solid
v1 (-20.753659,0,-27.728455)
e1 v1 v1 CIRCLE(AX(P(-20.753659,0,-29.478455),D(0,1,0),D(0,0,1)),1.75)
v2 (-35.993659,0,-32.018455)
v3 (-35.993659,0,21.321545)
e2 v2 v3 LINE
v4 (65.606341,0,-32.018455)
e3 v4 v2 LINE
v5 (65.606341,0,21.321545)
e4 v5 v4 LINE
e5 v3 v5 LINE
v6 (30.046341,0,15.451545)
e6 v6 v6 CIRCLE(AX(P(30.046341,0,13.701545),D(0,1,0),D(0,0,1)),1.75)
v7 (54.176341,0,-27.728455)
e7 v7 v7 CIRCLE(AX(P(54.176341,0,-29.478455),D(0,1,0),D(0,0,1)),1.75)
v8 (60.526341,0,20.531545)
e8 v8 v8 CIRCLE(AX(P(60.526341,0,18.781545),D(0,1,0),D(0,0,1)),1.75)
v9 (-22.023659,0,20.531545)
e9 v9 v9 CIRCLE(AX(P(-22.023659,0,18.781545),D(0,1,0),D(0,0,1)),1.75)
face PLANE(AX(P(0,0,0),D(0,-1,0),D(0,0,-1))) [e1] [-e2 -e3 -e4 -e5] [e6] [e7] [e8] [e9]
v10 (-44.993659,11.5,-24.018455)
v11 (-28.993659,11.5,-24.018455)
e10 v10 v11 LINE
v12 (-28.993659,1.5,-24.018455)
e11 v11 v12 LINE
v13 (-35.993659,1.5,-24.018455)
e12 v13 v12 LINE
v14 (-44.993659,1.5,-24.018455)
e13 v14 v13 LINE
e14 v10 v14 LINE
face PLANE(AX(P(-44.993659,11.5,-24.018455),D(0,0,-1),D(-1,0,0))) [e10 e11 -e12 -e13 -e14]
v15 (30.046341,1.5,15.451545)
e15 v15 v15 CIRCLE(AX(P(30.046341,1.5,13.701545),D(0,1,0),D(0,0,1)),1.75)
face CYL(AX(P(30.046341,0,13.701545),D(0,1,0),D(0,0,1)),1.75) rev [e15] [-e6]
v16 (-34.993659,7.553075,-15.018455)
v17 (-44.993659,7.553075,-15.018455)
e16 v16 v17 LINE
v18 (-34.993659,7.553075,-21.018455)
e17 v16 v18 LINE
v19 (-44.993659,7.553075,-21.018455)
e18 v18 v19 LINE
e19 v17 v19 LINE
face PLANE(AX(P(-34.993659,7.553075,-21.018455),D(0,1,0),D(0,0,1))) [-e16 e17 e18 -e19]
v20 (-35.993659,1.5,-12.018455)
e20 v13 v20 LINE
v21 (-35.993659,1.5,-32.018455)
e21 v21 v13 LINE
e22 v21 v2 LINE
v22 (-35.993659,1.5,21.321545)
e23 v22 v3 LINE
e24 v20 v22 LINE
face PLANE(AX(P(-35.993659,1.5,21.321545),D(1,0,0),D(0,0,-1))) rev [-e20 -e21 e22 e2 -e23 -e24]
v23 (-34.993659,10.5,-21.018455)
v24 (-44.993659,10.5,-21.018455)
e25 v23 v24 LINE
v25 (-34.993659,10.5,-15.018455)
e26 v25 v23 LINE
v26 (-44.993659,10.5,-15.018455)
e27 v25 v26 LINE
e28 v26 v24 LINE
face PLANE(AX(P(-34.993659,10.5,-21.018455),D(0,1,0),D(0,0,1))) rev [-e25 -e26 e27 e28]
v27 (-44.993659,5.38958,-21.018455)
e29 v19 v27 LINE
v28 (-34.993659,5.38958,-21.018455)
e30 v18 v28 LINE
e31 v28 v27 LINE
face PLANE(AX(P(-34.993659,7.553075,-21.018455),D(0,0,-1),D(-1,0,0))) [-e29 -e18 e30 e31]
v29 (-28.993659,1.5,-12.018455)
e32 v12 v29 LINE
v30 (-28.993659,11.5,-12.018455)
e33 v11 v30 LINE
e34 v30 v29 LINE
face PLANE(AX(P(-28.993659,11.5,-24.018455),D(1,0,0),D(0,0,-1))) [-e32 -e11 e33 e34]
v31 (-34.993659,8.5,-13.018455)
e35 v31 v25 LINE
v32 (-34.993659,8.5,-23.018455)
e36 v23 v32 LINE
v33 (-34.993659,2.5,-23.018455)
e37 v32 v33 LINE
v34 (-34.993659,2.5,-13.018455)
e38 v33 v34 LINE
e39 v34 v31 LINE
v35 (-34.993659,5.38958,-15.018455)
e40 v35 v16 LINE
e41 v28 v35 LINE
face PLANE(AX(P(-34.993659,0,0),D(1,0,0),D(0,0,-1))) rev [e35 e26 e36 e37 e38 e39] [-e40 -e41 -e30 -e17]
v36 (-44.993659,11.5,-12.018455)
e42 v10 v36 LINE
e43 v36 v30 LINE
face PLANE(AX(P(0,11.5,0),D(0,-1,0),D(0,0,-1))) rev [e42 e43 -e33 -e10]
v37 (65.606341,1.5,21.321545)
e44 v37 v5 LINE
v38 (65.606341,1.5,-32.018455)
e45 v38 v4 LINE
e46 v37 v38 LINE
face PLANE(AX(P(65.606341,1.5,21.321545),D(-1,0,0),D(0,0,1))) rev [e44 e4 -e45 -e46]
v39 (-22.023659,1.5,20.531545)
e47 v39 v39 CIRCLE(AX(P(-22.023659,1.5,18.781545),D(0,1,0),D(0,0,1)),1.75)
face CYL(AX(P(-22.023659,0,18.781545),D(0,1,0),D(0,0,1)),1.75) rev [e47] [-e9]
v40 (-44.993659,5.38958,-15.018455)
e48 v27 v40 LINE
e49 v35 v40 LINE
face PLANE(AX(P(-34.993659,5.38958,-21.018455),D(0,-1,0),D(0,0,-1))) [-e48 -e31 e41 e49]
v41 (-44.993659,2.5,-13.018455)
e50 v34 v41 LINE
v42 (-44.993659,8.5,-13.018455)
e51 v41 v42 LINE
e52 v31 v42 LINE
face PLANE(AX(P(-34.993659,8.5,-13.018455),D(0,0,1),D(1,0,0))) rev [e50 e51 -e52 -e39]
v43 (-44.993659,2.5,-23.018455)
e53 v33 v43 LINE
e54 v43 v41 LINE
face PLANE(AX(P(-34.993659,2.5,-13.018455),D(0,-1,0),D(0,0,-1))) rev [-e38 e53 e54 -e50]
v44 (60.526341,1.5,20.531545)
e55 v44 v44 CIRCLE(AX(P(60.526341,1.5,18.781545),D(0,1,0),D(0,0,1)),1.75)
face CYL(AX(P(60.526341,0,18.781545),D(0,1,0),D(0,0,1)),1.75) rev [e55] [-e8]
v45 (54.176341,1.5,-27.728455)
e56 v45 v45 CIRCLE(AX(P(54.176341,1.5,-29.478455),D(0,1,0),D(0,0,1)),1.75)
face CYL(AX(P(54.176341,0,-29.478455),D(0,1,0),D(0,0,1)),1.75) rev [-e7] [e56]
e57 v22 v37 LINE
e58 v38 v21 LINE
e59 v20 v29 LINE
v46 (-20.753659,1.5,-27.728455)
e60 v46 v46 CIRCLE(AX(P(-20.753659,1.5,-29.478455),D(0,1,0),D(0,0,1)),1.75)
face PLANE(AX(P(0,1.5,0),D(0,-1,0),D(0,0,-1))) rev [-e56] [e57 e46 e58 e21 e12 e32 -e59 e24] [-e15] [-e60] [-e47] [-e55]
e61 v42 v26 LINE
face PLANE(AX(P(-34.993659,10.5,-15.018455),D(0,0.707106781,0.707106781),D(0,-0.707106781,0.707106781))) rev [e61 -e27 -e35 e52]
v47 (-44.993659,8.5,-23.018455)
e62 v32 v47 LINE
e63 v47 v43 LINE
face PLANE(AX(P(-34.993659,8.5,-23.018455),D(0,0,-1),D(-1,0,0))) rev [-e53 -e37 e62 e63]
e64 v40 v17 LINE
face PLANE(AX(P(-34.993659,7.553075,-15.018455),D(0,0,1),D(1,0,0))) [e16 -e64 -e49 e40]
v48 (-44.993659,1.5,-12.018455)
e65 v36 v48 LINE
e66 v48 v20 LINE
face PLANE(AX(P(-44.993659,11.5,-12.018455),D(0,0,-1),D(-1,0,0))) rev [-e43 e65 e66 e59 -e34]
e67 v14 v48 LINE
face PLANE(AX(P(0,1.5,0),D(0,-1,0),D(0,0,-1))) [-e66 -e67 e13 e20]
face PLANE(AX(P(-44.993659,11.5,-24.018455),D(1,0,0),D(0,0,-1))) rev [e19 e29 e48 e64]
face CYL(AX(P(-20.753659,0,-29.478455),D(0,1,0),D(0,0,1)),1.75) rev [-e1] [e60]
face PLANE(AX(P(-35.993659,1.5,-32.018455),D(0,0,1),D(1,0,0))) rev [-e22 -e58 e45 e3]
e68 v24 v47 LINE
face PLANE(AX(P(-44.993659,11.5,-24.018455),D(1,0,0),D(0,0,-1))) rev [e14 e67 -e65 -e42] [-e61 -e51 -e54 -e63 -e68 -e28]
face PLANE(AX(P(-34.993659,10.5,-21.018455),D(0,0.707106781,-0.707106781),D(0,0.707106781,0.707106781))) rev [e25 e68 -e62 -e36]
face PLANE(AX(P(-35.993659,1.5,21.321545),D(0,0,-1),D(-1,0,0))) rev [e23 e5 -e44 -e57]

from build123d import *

# Parameters (mm, degrees)
SKETCH_1_W          = 101.6
SKETCH_1_H          = 53.34
EXTRUDE_1_DEPTH     = 1.5
SKETCH_2_W          = 16
SKETCH_2_H          = 12
EXTRUDE_2_DEPTH     = 10
SKETCH_3_W          = 6
SKETCH_3_H          = 2.163495019
CUT_EXTRUDE_1_DEPTH = 10
SKETCH_6_R          = 1.75
CUT_EXTRUDE_2_DEPTH = 74.684282714


with BuildPart() as part:
    # 草图1 → 凸台-拉伸1 (new body)
    with BuildSketch(Plane(origin=(0, 0, 0), x_dir=(1, 0, 0), z_dir=(0, 1, 0))):
        with Locations((14.806341463, 5.348455285)):
            Rectangle(SKETCH_1_W, SKETCH_1_H)
    extrude(amount=EXTRUDE_1_DEPTH)

    # 草图2 → 凸台-拉伸2 (add)
    with BuildSketch(Plane(origin=(0, 1.5, 0), x_dir=(1, 0, 0), z_dir=(0, 1, 0))):
        with Locations((-36.993658537, 18.018455285)):
            Rectangle(SKETCH_2_W, SKETCH_2_H)
    extrude(amount=EXTRUDE_2_DEPTH)

    # 草图3 → 切除-拉伸1 (cut)
    with BuildSketch(Plane.ZY.offset(44.993658537)):
        Polygon((-21.018455285, 10.5), (-23.018455285, 8.5), (-23.018455285, 2.5), (-13.018455285, 2.5), (-13.018455285, 8.5), (-15.018455285, 10.5), align=None)
        with Locations((-18.018455285, 6.471327075)):
            Rectangle(SKETCH_3_W, SKETCH_3_H, mode=Mode.SUBTRACT)
    extrude(amount=-CUT_EXTRUDE_1_DEPTH, mode=Mode.SUBTRACT)

    # 草图6 → 切除-拉伸2 (cut, through all)
    with BuildSketch(Plane(origin=(0, 1.5, 0), x_dir=(1, 0, 0), z_dir=(0, 1, 0))):
        with Locations(Location((-20.753658537, 29.478455285, 0), (0, 0, 270))):
            Circle(SKETCH_6_R)
        with Locations(Location((54.176341463, 29.478455285, 0), (0, 0, 270))):
            Circle(SKETCH_6_R)
        with Locations(Location((-22.023658537, -18.781544715, 0), (0, 0, 270))):
            Circle(SKETCH_6_R)
        with Locations(Location((30.046341463, -13.701544715, 0), (0, 0, 270))):
            Circle(SKETCH_6_R)
        with Locations(Location((60.526341463, -18.781544715, 0), (0, 0, 270))):
            Circle(SKETCH_6_R)
    extrude(amount=-CUT_EXTRUDE_2_DEPTH, mode=Mode.SUBTRACT)


solid = part.part
